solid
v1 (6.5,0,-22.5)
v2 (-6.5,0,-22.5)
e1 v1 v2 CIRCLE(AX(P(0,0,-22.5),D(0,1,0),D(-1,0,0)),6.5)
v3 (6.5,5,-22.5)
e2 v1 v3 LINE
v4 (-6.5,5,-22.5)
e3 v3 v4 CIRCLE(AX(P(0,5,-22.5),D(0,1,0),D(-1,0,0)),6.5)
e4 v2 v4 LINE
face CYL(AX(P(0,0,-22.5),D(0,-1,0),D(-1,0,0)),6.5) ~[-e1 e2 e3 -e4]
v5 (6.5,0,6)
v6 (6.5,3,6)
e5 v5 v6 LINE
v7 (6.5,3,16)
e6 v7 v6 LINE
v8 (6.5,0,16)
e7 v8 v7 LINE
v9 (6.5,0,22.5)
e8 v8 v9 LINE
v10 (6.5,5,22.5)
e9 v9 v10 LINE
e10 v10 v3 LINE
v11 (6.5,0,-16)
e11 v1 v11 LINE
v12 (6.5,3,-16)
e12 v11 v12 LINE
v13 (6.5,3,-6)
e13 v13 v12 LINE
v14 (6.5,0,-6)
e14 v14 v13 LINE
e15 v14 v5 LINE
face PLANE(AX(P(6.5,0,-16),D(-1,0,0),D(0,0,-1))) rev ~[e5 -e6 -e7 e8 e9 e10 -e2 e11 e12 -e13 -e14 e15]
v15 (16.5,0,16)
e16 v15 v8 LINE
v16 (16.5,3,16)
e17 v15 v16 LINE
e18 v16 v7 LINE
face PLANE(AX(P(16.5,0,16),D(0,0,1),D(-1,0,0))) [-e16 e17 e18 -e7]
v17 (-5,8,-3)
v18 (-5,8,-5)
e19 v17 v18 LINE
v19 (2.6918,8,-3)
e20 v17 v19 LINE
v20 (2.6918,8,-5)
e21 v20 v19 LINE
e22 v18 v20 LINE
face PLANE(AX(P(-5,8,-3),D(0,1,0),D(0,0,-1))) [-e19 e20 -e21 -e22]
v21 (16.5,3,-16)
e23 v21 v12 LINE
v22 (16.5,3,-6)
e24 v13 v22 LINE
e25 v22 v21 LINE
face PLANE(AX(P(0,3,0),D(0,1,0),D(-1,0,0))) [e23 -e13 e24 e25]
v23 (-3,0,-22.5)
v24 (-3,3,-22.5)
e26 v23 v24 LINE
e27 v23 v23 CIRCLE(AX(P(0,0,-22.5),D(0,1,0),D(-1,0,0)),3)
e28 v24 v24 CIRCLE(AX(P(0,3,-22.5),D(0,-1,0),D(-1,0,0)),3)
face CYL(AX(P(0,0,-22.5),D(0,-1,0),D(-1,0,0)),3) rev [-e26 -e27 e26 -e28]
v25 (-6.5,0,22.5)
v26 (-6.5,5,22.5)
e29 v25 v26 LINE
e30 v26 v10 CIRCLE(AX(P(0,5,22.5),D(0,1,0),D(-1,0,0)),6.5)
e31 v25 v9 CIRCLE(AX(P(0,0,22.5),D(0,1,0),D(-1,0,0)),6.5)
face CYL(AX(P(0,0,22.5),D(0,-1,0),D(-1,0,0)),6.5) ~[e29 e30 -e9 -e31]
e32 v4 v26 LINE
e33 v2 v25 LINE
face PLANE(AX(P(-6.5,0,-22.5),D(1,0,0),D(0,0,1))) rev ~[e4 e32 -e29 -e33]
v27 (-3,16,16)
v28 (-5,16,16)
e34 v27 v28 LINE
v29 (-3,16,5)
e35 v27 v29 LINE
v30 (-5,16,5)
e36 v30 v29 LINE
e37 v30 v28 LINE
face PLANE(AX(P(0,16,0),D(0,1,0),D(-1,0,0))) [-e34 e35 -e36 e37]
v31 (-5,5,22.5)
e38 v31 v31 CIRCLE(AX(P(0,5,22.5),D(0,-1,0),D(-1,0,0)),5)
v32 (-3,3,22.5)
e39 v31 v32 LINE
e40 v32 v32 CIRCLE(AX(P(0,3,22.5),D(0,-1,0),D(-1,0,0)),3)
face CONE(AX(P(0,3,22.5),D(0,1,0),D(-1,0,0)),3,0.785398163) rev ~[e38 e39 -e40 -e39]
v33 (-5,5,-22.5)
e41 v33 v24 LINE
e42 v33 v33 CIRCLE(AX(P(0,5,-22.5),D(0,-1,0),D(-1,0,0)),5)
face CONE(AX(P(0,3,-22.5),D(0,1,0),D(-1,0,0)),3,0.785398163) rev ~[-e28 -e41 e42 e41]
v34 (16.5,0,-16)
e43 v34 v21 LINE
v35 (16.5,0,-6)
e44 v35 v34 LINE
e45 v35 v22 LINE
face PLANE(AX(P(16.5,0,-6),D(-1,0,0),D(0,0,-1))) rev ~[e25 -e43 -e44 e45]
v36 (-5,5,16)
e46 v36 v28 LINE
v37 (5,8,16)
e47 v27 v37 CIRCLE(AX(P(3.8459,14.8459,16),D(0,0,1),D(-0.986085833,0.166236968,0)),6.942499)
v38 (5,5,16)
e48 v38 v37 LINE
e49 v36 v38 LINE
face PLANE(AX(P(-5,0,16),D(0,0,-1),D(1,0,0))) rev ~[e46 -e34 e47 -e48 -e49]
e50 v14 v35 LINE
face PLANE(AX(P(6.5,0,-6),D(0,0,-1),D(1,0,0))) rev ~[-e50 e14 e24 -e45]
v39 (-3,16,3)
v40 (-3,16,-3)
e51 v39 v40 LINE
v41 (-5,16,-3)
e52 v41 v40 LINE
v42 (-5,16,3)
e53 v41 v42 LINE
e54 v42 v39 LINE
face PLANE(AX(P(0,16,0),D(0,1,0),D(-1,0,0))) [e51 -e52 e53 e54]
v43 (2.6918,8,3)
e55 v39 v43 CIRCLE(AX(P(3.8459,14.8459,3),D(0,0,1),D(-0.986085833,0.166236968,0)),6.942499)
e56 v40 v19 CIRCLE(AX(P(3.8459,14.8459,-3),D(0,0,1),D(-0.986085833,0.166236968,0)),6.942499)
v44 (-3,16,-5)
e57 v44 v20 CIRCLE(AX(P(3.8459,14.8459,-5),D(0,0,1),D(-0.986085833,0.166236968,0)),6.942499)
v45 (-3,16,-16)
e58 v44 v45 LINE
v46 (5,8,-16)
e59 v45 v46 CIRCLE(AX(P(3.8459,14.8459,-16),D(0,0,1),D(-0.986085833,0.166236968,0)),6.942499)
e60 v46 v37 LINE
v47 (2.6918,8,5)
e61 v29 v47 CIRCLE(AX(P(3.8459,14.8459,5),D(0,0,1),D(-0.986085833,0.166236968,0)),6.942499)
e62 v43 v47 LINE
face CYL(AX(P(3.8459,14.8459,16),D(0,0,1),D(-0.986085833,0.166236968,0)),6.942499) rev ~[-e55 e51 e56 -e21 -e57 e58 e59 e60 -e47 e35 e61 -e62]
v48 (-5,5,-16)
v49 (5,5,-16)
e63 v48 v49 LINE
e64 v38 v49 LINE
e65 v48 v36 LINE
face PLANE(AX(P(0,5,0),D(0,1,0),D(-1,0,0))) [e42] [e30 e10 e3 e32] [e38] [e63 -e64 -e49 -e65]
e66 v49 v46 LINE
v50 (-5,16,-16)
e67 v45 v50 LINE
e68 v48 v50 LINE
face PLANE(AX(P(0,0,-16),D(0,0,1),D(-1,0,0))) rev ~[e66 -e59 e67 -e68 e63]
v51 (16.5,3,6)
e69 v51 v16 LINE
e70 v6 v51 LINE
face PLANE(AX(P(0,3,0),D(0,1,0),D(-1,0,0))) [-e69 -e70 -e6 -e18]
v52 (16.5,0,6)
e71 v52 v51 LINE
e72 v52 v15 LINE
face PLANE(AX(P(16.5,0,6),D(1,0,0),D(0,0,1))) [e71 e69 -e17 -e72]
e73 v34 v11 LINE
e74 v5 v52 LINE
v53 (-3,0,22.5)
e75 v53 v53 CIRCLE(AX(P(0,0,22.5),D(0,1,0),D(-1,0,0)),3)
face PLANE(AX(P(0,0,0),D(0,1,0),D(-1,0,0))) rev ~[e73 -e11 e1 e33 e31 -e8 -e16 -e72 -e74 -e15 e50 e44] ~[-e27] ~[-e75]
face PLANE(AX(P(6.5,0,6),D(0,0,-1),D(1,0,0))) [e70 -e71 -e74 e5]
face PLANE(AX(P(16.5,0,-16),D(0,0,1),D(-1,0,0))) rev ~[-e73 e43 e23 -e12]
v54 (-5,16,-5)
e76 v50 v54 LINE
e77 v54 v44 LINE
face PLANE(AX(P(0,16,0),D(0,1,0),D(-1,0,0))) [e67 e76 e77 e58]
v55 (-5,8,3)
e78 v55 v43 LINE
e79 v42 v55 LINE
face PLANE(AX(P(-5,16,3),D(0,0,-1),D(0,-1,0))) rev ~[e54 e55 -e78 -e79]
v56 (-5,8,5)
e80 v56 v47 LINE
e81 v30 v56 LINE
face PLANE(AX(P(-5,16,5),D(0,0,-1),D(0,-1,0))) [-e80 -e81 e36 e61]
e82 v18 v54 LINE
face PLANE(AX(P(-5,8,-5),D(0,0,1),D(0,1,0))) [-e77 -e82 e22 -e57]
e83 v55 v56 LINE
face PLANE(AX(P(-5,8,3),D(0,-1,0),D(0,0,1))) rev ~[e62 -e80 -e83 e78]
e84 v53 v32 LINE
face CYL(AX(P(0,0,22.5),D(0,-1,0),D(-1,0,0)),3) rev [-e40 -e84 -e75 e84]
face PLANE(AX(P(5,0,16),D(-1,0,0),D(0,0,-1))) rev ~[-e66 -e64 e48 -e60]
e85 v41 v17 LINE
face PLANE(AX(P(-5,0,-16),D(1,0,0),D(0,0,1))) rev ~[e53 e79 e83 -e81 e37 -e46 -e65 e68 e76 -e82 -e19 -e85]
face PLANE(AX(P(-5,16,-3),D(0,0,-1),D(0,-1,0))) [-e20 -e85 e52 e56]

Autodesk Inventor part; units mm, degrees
ref_plane "YZ Plane" through (0, 0, 0) normal (1, 0, 0) x (0, 1, 0)
ref_plane "XZ Plane" through (0, 0, 0) normal (0, 1, 0) x (-1, 0, 0)
ref_plane "XY Plane" through (0, 0, 0) normal (0, 0, 1) x (1, 0, 0)
sketch "Sketch1" plane through (0, 0, 0) normal (0, 1, 0) x (-1, 0, 0)
  line L0 (-6.5, 22.5) -> (-6.5, -22.5)
  line L1 (-6.5, -22.5) -> (6.5, -22.5)
  line L2 (6.5, -22.5) -> (6.5, 22.5)
  line L3 (6.5, 22.5) -> (-6.5, 22.5)
  line L4 (-6.5, 22.5) -> (6.5, -22.5) construction
  line L5 (-6.5, -22.5) -> (6.5, 22.5) construction
  circle A0 centre (0, -22.5) radius 3
  circle A1 centre (0, -22.5) radius 6.5
  circle A2 centre (0, 22.5) radius 3
  circle A3 centre (0, 22.5) radius 6.5
  line L6 (-5, 16) -> (-5, -16)
  line L7 (-5, -16) -> (5, -16)
  line L8 (5, -16) -> (5, 16)
  line L9 (5, 16) -> (-5, 16)
  line L10 (-5, 16) -> (5, -16) construction
  line L11 (-5, -16) -> (5, 16) construction
  line L12 (-6.5, -16) -> (-6.5, -6)
  line L13 (-6.5, -6) -> (-16.5, -6)
  line L14 (-16.5, -6) -> (-16.5, -16)
  line L15 (-16.5, -16) -> (-6.5, -16)
  line L16 (-6.5, 16) -> (-6.5, 6)
  line L17 (-6.5, 6) -> (-16.5, 6)
  line L18 (-16.5, 6) -> (-16.5, 16)
  line L19 (-16.5, 16) -> (-6.5, 16)
  point P0 (0, 0)
  dimension "d0" = 45
  dimension "d1" = 13
  dimension "d2" = 6
  dimension "d3" = 6
  dimension "d4" = 10
  dimension "d5" = 10
  dimension "d6" = 10
  dimension "d7" = 10
  dimension "d8" = 10
extrude "Extrusion1" add sketch "Sketch1" along normal blind 5 contours A3 L9 L6 L7 A1 L0 | A3 L3 A2 | L3 A2 A3 | L2 A1 L7 L8 L9 A3 | A1 L1 A0 | L1 A0 A1
extrude "Extrusion2" add sketch "Sketch1" along normal blind 3 contours L0 L17 L18 L19 | L0 L15 L14 L13
extrude "Extrusion3" add sketch "Sketch1" along normal blind 16 contours L9 L8 L7 L6
sketch "Sketch2" plane through (-5, 5, 16) normal (0, 0, 1) x (1, 0, 0)
  line L0 (10, 11) -> (0, 11) projected
  line L1 (0, 11) -> (2, 11)
  line L2 (10, 0) -> (10, 11) projected
  line L3 (11.5, 0) -> (-1.5, 0) projected
  line L4 (0, 0) -> (0, 11) projected
  arc A0 (2, 11) -> (10, 3) centre (8.8459, 9.8459) ccw
  point P0 (5, -5)
  point P1 (3, 6.101)
  dimension "d15" = 2
  dimension "d16" = 3
  dimension "d17" = 5
  dimension "d18" = 3
extrude "Extrusion4" cut sketch "Sketch2" against normal through all contours L2 A0 L0
sketch "Sketch3" plane through (-5, 5, 16) normal (-1, 0, 0) x (0, 0, 1)
  line L0 (0, 11) -> (-32, 11) projected
  line L1 (-32, 11) -> (0, 11) projected
  line L2 (0, 0) -> (0, 11) projected
  line L3 (-38.5, 0) -> (6.5, 0) projected
  line L4 (-19, 11) -> (-19, 3)
  line L5 (-19, 3) -> (-32, 3)
  line L6 (-13, 11) -> (-13, 3)
  line L7 (-13, 3) -> (0, 3)
  line L8 (-32, 3) -> (-19, 3)
  line L9 (-19, 3) -> (-19, 11)
  line L10 (-19, 11) -> (-32, 11)
  line L11 (-32, 11) -> (-32, 3)
  line L12 (-13, 3) -> (0, 3)
  line L13 (0, 3) -> (0, 11)
  line L14 (0, 11) -> (-13, 11)
  line L15 (-13, 11) -> (-13, 3)
  line L16 (-21, 3) -> (-21, 11)
  line L17 (-11, 11) -> (-11, 3)
  point P0 (-16, -5)
  point P1 (-16, 11)
  point P2 (-16, 11)
  point P3 (-16, 11)
  point P4 (-11, 3)
  dimension "d21" = 3
  dimension "d22" = 3
  dimension "d23" = 3
  dimension "d24" = 3
  dimension "d25" = 32
  dimension "d26" = 2
  dimension "d27" = 2
extrude "Extrusion5" cut sketch "Sketch3" against normal blind 10 contours L4 L5 L16 L0 | L17 L7 L6 L0
chamfer "Chamfer1" distance 2 angle 45 2 edges at (3, 5, -22.5) (3, 5, 22.5)
properties part number "string_holderWPNB"
